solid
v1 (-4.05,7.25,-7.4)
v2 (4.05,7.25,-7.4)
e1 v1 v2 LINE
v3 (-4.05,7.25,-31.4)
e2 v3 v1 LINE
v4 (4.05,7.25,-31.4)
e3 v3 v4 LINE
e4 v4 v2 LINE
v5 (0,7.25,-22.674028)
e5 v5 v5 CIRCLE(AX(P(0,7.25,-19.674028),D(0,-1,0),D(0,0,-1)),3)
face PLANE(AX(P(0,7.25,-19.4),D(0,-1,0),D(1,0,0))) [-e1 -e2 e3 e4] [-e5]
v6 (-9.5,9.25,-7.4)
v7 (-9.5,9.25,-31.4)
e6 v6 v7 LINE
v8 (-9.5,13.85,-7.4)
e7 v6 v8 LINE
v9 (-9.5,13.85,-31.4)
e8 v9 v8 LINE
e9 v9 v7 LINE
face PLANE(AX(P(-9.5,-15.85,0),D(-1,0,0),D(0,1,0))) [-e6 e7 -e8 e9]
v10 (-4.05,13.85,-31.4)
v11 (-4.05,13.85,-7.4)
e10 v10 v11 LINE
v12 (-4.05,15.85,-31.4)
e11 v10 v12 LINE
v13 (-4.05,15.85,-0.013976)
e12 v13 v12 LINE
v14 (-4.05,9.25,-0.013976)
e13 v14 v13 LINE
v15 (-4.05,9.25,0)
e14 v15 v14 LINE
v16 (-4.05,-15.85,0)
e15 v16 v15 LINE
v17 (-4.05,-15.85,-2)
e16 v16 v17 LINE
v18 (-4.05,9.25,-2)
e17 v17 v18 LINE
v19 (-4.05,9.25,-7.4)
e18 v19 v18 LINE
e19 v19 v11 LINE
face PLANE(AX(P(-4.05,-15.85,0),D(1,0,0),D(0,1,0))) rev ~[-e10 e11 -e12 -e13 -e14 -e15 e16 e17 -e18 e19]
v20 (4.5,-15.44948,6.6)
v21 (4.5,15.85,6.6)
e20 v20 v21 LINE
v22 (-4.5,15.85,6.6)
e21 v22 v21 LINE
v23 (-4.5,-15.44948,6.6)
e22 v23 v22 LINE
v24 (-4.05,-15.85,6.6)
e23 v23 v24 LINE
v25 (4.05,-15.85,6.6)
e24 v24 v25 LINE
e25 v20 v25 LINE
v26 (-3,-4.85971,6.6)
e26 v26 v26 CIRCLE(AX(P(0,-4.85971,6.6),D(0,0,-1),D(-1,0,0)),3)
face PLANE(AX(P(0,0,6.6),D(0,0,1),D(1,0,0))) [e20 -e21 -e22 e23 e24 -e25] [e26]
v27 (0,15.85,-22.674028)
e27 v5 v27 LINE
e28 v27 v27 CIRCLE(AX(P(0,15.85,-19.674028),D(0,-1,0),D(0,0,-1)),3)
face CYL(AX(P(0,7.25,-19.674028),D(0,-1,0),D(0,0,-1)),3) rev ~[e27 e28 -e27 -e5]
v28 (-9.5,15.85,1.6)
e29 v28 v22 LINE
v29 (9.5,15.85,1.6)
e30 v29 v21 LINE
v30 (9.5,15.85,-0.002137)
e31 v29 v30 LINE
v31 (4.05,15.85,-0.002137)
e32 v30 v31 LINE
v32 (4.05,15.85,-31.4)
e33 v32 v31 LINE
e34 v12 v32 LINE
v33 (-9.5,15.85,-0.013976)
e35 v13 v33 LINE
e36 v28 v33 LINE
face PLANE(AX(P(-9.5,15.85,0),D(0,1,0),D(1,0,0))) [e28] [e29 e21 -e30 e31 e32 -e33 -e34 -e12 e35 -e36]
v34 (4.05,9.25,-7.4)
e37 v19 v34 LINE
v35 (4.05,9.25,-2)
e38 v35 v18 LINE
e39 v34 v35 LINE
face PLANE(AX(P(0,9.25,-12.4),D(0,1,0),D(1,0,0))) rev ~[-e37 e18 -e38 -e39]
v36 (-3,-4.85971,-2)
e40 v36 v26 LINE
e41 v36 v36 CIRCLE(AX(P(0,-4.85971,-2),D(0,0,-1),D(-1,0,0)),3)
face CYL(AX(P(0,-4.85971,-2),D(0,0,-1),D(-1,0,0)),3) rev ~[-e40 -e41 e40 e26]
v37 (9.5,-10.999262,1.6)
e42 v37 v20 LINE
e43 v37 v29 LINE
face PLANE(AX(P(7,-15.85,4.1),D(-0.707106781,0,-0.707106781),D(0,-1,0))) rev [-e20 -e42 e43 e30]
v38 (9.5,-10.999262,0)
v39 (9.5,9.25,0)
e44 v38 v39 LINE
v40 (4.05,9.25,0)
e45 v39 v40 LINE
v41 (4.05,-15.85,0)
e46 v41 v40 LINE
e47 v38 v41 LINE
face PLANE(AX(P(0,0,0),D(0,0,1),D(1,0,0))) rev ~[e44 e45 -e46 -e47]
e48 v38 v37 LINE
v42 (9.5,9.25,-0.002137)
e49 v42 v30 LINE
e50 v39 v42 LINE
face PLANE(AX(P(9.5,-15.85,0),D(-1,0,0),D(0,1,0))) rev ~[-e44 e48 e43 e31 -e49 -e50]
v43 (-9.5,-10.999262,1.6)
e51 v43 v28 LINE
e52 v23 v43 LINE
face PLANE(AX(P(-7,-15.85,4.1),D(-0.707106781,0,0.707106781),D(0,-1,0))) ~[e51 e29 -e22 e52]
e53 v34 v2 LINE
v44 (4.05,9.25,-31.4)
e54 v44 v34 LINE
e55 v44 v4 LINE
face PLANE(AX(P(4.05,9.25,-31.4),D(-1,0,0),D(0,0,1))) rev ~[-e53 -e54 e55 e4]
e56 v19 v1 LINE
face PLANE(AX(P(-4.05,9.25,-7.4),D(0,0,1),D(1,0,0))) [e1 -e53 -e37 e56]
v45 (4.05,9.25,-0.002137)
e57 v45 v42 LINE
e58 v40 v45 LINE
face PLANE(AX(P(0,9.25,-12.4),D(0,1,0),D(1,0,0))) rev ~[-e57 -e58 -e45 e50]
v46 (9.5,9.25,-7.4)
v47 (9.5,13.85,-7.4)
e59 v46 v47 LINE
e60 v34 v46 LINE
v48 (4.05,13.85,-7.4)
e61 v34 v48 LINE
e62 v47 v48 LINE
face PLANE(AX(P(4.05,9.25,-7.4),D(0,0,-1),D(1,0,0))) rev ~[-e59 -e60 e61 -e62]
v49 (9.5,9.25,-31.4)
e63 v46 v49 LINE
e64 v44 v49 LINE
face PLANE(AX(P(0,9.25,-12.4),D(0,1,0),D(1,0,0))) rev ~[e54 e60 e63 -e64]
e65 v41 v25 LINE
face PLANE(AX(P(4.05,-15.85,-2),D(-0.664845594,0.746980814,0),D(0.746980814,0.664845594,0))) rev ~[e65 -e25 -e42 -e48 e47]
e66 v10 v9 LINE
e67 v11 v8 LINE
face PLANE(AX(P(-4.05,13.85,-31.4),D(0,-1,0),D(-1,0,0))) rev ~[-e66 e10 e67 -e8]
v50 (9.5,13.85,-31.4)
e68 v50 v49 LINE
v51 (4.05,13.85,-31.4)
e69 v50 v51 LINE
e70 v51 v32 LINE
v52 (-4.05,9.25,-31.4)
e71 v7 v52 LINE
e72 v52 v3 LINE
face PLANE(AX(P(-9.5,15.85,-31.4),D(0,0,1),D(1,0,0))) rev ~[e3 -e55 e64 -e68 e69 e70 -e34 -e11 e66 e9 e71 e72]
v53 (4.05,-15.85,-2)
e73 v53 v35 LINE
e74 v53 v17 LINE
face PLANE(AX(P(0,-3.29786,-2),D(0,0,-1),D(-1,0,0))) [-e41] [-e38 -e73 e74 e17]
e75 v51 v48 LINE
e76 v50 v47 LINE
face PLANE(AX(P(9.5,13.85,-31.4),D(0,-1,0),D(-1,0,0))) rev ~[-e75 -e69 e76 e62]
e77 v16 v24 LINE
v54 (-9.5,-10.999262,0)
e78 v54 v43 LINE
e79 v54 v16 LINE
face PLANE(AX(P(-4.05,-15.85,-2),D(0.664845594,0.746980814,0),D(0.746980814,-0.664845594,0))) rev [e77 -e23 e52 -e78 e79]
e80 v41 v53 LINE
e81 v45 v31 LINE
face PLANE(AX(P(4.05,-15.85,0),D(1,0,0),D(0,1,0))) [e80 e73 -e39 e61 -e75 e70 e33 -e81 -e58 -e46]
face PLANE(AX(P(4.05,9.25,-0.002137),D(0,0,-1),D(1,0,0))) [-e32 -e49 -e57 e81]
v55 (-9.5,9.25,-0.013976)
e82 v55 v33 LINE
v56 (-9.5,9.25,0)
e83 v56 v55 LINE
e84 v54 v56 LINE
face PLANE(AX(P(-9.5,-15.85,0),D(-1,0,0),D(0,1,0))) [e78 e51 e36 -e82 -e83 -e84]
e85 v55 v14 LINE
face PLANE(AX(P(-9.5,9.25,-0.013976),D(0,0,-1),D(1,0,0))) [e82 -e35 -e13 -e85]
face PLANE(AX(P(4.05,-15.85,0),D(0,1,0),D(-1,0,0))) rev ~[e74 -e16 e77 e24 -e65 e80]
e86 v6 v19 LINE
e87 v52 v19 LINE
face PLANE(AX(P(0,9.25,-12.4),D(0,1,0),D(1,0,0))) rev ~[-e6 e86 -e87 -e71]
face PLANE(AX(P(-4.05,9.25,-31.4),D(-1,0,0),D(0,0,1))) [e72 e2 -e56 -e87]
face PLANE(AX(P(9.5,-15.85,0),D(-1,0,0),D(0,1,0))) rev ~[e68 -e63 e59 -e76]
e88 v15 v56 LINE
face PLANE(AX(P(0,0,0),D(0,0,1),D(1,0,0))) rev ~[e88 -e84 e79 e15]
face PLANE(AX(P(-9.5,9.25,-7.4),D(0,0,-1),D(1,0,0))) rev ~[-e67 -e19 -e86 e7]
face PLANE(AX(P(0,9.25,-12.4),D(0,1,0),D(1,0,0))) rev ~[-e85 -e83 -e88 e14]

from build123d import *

# Parameters (mm, degrees)
SKETCH_2_W          = 19
SKETCH_2_H          = 31.7
EXTRUDE_1_DEPTH     = 6.6
SKETCH_3_W          = 19
SKETCH_3_H          = 38
EXTRUDE_2_DEPTH     = 6.6
SKETCH_4_W          = 8.1
SKETCH_4_H          = 25.10428036
EXTRUDE_3_DEPTH     = 2
SKETCH_5_W          = 8.1
SKETCH_5_H          = 24
EXTRUDE_4_DEPTH     = 2
SKETCH_6_W          = 5.45
SKETCH_6_H          = 7.386023797
SKETCH_6_H_2        = 7.397863342
CUT_EXTRUDE_1_DEPTH = 42.306415967
CHAMFER_1_SIZE      = 5
SKETCH_7_R          = 3
CUT_EXTRUDE_2_DEPTH = 35.725098992
SKETCH_8_R          = 3
CUT_EXTRUDE_3_DEPTH = 41.122562231
SKETCH_9_W          = 5.45
SKETCH_9_H          = 2
CUT_EXTRUDE_4_DEPTH = 25
CUT_EXTRUDE_5_DEPTH = 35.725098992


with BuildPart() as part:
    # 草图2 → 凸台-拉伸1 (new body)
    with BuildSketch(Plane.XY):
        Rectangle(SKETCH_2_W, SKETCH_2_H)
    extrude(amount=EXTRUDE_1_DEPTH)

    # 草图3 → 凸台-拉伸2 (add)
    with BuildSketch(Plane(origin=(0, 15.85, 0), x_dir=(1, 0, 0), z_dir=(0, 1, 0))):
        with Locations((0, 12.4)):
            Rectangle(SKETCH_3_W, SKETCH_3_H)
    extrude(amount=-EXTRUDE_2_DEPTH)

    # 草图4 → 凸台-拉伸3 (add)
    with BuildSketch(Plane(origin=(0, 0, 0), x_dir=(-1, 0, 0), z_dir=(0, 0, -1))):
        with Locations((0, -3.29785982)):
            Rectangle(SKETCH_4_W, SKETCH_4_H)
    extrude(amount=EXTRUDE_3_DEPTH)

    # 草图5 → 凸台-拉伸4 (add)
    with BuildSketch(Plane.XZ.offset(-9.25)):
        with Locations((0, -19.4)):
            Rectangle(SKETCH_5_W, SKETCH_5_H)
    extrude(amount=EXTRUDE_4_DEPTH)

    # 草图6 → 切除-拉伸1 (cut, through all)
    with BuildSketch(Plane.XZ.offset(-9.25)):
        with Locations((-6.775, -3.706988102)):
            Rectangle(SKETCH_6_W, SKETCH_6_H)
        with Locations((6.775, -3.701068329)):
            Rectangle(SKETCH_6_W, SKETCH_6_H_2)
    extrude(amount=-CUT_EXTRUDE_1_DEPTH, mode=Mode.SUBTRACT)

    # 倒角1
    chamfer_1_edges = [part.edges().sort_by_distance(p)[0] for p in [
        (-9.5, 0, 6.6),
        (9.5, 0, 6.6),
    ]]
    chamfer(chamfer_1_edges, length=CHAMFER_1_SIZE)

    # 草图7 → 切除-拉伸2 (cut, through all)
    with BuildSketch(Plane(origin=(0, 0, -2), x_dir=(-1, 0, 0), z_dir=(0, 0, -1))):
        with Locations((0, -4.859710354)):
            Circle(SKETCH_7_R)
    extrude(amount=-CUT_EXTRUDE_2_DEPTH, mode=Mode.SUBTRACT)

    # 草图8 → 切除-拉伸3 (cut, through all)
    with BuildSketch(Plane.XZ.offset(-7.25)):
        with Locations(Location((0, -19.674028048, 0), (0, 0, 270))):
            Circle(SKETCH_8_R)
    extrude(amount=-CUT_EXTRUDE_3_DEPTH, mode=Mode.SUBTRACT)

    # 草图9 → 切除-拉伸4 (cut)
    with BuildSketch(Plane(origin=(0, 0, -31.4), x_dir=(-1, 0, 0), z_dir=(0, 0, -1))):
        with Locations((-6.775, 14.85)):
            Rectangle(SKETCH_9_W, SKETCH_9_H)
        with Locations((6.775, 14.85)):
            Rectangle(SKETCH_9_W, SKETCH_9_H)
    extrude(amount=-CUT_EXTRUDE_4_DEPTH, mode=Mode.SUBTRACT)

    # 草图10 → 切除-拉伸5 (cut, through all)
    with BuildSketch(Plane(origin=(0, 0, -2), x_dir=(-1, 0, 0), z_dir=(0, 0, -1))):
        Polygon((-4.05, -15.85), (-9.5, -10.999261641), (-9.5, -15.85), align=None)
    cut_extrude_5 = extrude(amount=-CUT_EXTRUDE_5_DEPTH, mode=Mode.SUBTRACT)

    # 镜向1: 切除-拉伸5 across plane
    add(cut_extrude_5.mirror(Plane(origin=(0, 0, 0), x_dir=(0, 0, 1), z_dir=(1, 0, 0))), mode=Mode.SUBTRACT)


solid = part.part
